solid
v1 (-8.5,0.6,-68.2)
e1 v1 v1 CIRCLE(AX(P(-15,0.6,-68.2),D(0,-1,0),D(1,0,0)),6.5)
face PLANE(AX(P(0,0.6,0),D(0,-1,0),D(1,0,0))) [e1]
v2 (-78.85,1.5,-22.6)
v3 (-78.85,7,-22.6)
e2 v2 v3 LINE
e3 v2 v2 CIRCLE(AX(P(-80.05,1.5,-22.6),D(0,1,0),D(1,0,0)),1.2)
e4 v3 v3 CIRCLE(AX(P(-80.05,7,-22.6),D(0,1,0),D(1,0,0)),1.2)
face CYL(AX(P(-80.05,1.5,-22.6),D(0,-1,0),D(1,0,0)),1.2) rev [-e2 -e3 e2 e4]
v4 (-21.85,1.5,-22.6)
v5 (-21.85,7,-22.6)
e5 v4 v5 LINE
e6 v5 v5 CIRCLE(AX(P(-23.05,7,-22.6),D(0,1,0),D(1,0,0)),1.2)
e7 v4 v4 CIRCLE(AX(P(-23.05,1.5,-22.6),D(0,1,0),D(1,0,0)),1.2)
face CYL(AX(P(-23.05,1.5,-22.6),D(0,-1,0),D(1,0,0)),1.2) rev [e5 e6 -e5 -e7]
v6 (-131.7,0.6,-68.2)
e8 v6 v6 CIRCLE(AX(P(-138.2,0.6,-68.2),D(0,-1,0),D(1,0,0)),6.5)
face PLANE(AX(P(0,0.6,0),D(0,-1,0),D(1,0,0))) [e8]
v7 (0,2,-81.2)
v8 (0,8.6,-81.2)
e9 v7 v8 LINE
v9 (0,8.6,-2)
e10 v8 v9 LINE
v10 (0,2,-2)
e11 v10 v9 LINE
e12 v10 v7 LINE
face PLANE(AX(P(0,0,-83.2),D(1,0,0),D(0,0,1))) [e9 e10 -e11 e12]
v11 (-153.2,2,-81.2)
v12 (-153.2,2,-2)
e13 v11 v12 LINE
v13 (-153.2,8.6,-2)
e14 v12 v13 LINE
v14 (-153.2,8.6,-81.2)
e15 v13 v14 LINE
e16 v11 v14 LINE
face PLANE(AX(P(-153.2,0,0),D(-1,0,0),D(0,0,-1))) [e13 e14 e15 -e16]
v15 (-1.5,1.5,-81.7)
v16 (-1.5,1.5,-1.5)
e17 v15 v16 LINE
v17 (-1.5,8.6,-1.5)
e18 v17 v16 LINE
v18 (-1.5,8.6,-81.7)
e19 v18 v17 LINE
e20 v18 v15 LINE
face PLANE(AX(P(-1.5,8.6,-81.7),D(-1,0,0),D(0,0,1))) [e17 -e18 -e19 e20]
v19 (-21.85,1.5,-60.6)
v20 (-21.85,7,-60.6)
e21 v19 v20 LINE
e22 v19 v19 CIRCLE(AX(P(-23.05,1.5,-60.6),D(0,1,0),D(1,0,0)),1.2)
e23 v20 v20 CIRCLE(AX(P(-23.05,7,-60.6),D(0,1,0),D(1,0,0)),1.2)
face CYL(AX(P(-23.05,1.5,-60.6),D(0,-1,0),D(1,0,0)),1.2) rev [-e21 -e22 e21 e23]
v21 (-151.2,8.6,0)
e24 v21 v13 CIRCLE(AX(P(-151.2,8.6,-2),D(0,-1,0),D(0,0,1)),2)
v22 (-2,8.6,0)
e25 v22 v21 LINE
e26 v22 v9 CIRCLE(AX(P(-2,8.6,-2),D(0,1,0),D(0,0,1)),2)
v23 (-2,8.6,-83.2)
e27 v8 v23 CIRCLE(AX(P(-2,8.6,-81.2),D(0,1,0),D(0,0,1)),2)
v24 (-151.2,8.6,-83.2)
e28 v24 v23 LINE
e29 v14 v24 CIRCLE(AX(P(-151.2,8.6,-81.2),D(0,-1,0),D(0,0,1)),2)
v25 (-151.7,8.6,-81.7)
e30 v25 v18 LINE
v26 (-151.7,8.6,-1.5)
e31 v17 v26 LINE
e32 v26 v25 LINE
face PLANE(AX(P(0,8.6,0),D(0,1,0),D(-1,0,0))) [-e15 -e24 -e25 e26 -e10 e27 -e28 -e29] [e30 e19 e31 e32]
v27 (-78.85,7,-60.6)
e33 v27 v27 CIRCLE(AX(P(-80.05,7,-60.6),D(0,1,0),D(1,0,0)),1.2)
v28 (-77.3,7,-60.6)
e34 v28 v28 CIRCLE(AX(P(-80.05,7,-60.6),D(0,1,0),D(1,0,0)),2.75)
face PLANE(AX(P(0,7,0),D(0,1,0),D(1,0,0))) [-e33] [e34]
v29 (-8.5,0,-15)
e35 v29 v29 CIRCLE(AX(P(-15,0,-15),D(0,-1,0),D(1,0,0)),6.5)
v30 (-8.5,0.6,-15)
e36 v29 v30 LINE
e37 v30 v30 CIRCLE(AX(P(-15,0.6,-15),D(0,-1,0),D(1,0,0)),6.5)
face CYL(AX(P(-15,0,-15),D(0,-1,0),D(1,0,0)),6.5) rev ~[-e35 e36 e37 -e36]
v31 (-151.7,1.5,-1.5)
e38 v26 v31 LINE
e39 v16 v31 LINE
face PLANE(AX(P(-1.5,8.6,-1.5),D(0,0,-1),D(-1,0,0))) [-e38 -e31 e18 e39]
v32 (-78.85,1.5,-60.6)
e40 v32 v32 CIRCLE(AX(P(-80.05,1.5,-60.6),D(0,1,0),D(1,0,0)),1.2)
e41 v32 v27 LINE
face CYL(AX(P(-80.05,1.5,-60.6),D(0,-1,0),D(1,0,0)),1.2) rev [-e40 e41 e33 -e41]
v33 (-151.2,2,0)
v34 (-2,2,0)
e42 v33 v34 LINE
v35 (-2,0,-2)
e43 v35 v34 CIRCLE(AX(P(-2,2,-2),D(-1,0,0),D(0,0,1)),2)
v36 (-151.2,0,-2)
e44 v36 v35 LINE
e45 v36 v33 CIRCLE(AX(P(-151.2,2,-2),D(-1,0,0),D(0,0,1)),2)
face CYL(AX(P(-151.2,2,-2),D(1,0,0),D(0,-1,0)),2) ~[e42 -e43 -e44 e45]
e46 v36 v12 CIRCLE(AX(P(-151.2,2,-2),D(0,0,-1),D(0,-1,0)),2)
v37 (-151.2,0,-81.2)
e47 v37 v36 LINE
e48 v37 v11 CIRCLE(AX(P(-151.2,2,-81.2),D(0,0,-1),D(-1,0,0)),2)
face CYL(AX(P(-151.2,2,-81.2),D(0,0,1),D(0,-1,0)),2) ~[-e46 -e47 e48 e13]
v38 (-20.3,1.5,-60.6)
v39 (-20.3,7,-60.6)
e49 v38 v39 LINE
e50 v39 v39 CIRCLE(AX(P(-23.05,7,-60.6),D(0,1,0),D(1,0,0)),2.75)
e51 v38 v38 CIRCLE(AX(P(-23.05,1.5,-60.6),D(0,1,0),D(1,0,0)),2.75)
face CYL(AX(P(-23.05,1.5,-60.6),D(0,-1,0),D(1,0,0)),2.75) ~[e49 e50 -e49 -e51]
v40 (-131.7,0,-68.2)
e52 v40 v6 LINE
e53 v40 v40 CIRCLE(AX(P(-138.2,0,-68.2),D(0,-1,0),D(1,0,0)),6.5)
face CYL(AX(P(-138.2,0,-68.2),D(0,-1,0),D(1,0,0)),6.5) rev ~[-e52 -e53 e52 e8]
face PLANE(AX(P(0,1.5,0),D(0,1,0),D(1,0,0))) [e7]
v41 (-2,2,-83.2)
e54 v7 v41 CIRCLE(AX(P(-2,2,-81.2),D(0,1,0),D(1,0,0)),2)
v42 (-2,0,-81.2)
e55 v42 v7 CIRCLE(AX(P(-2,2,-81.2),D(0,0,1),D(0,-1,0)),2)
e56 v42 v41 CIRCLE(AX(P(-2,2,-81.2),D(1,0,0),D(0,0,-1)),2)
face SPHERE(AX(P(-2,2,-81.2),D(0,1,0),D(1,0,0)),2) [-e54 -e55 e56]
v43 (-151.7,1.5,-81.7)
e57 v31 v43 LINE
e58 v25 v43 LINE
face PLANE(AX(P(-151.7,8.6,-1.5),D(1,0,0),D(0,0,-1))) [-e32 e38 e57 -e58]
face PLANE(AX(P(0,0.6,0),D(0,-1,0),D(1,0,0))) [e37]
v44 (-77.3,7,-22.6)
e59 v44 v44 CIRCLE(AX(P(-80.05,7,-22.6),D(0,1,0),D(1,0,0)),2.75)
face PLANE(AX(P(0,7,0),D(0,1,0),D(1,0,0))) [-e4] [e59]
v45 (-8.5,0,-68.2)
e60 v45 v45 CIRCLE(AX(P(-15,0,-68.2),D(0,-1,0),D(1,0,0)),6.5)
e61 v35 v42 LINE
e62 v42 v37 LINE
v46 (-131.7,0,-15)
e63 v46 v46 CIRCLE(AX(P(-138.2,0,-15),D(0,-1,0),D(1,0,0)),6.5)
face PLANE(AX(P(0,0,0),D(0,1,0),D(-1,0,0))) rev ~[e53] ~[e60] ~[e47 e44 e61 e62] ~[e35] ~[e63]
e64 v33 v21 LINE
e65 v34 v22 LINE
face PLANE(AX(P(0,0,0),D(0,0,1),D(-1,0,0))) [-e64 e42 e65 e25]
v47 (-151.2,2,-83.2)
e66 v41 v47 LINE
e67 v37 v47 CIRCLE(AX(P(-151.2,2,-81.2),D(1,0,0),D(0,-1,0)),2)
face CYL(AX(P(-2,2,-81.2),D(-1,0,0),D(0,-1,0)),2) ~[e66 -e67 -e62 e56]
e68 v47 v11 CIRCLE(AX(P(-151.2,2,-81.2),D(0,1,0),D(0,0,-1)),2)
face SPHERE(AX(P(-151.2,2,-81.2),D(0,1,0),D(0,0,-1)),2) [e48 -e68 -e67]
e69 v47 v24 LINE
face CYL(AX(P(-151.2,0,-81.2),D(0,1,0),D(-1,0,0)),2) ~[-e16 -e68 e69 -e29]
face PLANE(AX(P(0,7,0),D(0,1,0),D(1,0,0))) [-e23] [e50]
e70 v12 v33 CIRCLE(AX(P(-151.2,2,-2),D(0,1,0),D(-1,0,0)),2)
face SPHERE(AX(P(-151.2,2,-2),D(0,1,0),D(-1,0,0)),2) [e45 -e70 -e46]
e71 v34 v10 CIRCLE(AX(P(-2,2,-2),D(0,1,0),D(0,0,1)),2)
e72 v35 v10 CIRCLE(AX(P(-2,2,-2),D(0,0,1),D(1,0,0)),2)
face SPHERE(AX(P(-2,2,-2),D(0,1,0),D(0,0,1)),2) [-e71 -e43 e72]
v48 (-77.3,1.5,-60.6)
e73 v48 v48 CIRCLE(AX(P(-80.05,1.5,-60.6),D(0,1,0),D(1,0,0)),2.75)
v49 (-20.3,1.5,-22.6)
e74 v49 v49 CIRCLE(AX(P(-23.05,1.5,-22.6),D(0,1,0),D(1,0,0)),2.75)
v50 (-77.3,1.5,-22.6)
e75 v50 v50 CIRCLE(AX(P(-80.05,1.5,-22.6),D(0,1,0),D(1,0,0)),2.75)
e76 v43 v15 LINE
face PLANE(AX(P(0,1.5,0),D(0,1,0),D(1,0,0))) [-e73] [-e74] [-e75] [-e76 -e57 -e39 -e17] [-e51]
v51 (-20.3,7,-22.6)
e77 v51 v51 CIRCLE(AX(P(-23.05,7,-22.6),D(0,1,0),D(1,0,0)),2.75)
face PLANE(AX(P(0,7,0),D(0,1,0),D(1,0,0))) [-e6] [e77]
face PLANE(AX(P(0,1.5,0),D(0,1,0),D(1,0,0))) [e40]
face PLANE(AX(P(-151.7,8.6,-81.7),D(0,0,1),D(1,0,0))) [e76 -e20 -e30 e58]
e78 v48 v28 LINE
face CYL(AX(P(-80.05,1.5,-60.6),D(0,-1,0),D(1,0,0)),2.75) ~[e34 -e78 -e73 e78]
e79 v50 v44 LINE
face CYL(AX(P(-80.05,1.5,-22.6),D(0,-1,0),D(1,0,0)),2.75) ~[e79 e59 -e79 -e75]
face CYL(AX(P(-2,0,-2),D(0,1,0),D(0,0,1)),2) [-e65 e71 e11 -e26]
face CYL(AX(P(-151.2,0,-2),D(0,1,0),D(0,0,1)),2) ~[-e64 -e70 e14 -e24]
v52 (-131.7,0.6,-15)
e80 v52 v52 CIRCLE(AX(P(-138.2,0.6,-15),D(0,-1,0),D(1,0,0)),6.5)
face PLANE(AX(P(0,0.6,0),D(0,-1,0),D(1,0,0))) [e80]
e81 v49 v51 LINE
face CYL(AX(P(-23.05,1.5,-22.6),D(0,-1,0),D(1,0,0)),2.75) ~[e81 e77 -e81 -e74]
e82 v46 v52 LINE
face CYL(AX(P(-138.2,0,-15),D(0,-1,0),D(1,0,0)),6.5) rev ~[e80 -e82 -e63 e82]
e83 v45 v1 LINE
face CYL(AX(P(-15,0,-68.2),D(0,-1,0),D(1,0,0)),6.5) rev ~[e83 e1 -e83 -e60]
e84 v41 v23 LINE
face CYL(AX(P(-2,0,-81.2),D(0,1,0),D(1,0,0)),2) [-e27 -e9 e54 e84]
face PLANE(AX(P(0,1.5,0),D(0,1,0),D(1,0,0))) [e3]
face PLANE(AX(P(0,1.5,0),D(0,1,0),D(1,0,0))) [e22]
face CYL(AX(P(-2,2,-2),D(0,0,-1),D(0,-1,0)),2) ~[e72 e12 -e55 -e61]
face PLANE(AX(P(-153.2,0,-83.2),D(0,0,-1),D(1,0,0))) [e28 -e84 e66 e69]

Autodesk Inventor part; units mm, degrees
ref_plane "YZ Plane" through (0, 0, 0) normal (1, 0, 0) x (0, 1, 0)
ref_plane "XZ Plane" through (0, 0, 0) normal (0, 1, 0) x (-1, 0, 0)
ref_plane "XY Plane" through (0, 0, 0) normal (0, 0, 1) x (1, 0, 0)
sketch "Skizze1" plane through (0, 0, 0) normal (0, 1, 0) x (-1, 0, 0)
  line L0 (0, 0) -> (153.2, 0)
  line L1 (153.2, 0) -> (153.2, -83.2)
  line L2 (153.2, -83.2) -> (0, -83.2)
  line L3 (0, -83.2) -> (0, 0)
  dimension "d0" = 153.2
  dimension "d1" = 83.2
extrude "Extrusion1" add sketch "Skizze1" along normal blind 8.6
sketch "Skizze2" plane through (0, 8.6, 0) normal (0, 1, 0) x (1, 0, 0)
  line L0 (-1.5, 1.5) -> (-151.7, 1.5)
  line L1 (-151.7, 1.5) -> (-151.7, 81.7)
  line L2 (-151.7, 81.7) -> (-1.5, 81.7)
  line L3 (-1.5, 81.7) -> (-1.5, 1.5)
  line L4 (-153.2, 0) -> (0, 0) projected
  line L5 (0, 83.2) -> (-153.2, 83.2) projected
  line L6 (0, 0) -> (0, 83.2) projected
  line L7 (-153.2, 83.2) -> (-153.2, 0) projected
  dimension "d4" = 1.5
  dimension "d5" = 1.5
  dimension "d6" = 1.5
  dimension "d7" = 1.5
extrude "Extrusion2" cut sketch "Skizze2" against normal blind 7.1 contours L0 L1 L2 L3
sketch "Skizze4" plane through (0, 1.5, 0) normal (0, 1, 0) x (1, 0, 0)
  circle A0 centre (-80.05, 22.6) radius 2.75
  circle A1 centre (-80.05, 60.6) radius 2.75
  circle A2 centre (-23.05, 22.6) radius 2.75
  circle A3 centre (-23.05, 60.6) radius 2.75
  circle A4 centre (-80.05, 22.6) radius 1.2
  circle A5 centre (-80.05, 60.6) radius 1.2
  circle A6 centre (-23.05, 22.6) radius 1.2
  circle A7 centre (-23.05, 60.6) radius 1.2
  line L0 (-1.5, 81.7) -> (-1.5, 1.5) projected
  line L1 (-1.5, 1.5) -> (-151.7, 1.5) projected
  line L2 (-151.7, 81.7) -> (-1.5, 81.7) projected
  point P0 (0, 0)
  dimension "d13" = 5.5
  dimension "d14" = 5.5
  dimension "d15" = 5.5
  dimension "d16" = 5.5
  dimension "d17" = 38
  dimension "d18" = 38
  dimension "d19" = 57
  dimension "d40" = 2.4
  dimension "d41" = 2.4
  dimension "d42" = 2.4
  dimension "d43" = 2.4
  dimension "d44" = 21.55
  dimension "d45" = 21.1
  dimension "d47" = 21.1
  dimension "d51" = 21.55
  dimension "d53" = 57
  dimension "d54" = 21.1
  dimension "d55" = 21.1
extrude "Extrusion4" add sketch "Skizze4" along normal blind 5.5
fillet "Rundung1" radius 2 4 edges at (0, 4.3, 0) (0, 4.3, -83.2) (-153.2, 4.3, 0) (-153.2, 4.3, -83.2)
fillet "Rundung2" radius 2 8 edges at (-0.5858, 0, -0.5858) (0, 0, -41.6) (-0.5858, 0, -82.6142) (-76.6, 0, -83.2) (-152.6142, 0, -82.6142) (-153.2, 0, -41.6) (-152.6142, 0, -0.5858) (-76.6, 0, 0)
sketch "Skizze6" plane through (0, 0, 0) normal (0, -1, 0) x (1, 0, 0)
  circle A0 centre (-138.2, -68.2) radius 6.5
  circle A1 centre (-138.2, -15) radius 6.5
  circle A2 centre (-15, -68.2) radius 6.5
  circle A3 centre (-15, -15) radius 6.5
  line L0 (-2, 0) -> (-151.2, 0) projected
  line L1 (-151.2, -83.2) -> (-2, -83.2) projected
  line L2 (-153.2, -2) -> (-153.2, -81.2) projected
  line L3 (0, -81.2) -> (0, -2) projected
  point P0 (0, 0)
  dimension "d26" = 13
  dimension "d27" = 13
  dimension "d28" = 13
  dimension "d29" = 13
  dimension "d63" = 15
  dimension "d64" = 15
  dimension "d65" = 15
  dimension "d66" = 15
  dimension "d67" = 15
  dimension "d68" = 15
  dimension "d69" = 15
  dimension "d70" = 15
extrude "Extrusion6" cut sketch "Skizze6" against normal blind 0.6
properties part number "Datapad_Case_v2"
